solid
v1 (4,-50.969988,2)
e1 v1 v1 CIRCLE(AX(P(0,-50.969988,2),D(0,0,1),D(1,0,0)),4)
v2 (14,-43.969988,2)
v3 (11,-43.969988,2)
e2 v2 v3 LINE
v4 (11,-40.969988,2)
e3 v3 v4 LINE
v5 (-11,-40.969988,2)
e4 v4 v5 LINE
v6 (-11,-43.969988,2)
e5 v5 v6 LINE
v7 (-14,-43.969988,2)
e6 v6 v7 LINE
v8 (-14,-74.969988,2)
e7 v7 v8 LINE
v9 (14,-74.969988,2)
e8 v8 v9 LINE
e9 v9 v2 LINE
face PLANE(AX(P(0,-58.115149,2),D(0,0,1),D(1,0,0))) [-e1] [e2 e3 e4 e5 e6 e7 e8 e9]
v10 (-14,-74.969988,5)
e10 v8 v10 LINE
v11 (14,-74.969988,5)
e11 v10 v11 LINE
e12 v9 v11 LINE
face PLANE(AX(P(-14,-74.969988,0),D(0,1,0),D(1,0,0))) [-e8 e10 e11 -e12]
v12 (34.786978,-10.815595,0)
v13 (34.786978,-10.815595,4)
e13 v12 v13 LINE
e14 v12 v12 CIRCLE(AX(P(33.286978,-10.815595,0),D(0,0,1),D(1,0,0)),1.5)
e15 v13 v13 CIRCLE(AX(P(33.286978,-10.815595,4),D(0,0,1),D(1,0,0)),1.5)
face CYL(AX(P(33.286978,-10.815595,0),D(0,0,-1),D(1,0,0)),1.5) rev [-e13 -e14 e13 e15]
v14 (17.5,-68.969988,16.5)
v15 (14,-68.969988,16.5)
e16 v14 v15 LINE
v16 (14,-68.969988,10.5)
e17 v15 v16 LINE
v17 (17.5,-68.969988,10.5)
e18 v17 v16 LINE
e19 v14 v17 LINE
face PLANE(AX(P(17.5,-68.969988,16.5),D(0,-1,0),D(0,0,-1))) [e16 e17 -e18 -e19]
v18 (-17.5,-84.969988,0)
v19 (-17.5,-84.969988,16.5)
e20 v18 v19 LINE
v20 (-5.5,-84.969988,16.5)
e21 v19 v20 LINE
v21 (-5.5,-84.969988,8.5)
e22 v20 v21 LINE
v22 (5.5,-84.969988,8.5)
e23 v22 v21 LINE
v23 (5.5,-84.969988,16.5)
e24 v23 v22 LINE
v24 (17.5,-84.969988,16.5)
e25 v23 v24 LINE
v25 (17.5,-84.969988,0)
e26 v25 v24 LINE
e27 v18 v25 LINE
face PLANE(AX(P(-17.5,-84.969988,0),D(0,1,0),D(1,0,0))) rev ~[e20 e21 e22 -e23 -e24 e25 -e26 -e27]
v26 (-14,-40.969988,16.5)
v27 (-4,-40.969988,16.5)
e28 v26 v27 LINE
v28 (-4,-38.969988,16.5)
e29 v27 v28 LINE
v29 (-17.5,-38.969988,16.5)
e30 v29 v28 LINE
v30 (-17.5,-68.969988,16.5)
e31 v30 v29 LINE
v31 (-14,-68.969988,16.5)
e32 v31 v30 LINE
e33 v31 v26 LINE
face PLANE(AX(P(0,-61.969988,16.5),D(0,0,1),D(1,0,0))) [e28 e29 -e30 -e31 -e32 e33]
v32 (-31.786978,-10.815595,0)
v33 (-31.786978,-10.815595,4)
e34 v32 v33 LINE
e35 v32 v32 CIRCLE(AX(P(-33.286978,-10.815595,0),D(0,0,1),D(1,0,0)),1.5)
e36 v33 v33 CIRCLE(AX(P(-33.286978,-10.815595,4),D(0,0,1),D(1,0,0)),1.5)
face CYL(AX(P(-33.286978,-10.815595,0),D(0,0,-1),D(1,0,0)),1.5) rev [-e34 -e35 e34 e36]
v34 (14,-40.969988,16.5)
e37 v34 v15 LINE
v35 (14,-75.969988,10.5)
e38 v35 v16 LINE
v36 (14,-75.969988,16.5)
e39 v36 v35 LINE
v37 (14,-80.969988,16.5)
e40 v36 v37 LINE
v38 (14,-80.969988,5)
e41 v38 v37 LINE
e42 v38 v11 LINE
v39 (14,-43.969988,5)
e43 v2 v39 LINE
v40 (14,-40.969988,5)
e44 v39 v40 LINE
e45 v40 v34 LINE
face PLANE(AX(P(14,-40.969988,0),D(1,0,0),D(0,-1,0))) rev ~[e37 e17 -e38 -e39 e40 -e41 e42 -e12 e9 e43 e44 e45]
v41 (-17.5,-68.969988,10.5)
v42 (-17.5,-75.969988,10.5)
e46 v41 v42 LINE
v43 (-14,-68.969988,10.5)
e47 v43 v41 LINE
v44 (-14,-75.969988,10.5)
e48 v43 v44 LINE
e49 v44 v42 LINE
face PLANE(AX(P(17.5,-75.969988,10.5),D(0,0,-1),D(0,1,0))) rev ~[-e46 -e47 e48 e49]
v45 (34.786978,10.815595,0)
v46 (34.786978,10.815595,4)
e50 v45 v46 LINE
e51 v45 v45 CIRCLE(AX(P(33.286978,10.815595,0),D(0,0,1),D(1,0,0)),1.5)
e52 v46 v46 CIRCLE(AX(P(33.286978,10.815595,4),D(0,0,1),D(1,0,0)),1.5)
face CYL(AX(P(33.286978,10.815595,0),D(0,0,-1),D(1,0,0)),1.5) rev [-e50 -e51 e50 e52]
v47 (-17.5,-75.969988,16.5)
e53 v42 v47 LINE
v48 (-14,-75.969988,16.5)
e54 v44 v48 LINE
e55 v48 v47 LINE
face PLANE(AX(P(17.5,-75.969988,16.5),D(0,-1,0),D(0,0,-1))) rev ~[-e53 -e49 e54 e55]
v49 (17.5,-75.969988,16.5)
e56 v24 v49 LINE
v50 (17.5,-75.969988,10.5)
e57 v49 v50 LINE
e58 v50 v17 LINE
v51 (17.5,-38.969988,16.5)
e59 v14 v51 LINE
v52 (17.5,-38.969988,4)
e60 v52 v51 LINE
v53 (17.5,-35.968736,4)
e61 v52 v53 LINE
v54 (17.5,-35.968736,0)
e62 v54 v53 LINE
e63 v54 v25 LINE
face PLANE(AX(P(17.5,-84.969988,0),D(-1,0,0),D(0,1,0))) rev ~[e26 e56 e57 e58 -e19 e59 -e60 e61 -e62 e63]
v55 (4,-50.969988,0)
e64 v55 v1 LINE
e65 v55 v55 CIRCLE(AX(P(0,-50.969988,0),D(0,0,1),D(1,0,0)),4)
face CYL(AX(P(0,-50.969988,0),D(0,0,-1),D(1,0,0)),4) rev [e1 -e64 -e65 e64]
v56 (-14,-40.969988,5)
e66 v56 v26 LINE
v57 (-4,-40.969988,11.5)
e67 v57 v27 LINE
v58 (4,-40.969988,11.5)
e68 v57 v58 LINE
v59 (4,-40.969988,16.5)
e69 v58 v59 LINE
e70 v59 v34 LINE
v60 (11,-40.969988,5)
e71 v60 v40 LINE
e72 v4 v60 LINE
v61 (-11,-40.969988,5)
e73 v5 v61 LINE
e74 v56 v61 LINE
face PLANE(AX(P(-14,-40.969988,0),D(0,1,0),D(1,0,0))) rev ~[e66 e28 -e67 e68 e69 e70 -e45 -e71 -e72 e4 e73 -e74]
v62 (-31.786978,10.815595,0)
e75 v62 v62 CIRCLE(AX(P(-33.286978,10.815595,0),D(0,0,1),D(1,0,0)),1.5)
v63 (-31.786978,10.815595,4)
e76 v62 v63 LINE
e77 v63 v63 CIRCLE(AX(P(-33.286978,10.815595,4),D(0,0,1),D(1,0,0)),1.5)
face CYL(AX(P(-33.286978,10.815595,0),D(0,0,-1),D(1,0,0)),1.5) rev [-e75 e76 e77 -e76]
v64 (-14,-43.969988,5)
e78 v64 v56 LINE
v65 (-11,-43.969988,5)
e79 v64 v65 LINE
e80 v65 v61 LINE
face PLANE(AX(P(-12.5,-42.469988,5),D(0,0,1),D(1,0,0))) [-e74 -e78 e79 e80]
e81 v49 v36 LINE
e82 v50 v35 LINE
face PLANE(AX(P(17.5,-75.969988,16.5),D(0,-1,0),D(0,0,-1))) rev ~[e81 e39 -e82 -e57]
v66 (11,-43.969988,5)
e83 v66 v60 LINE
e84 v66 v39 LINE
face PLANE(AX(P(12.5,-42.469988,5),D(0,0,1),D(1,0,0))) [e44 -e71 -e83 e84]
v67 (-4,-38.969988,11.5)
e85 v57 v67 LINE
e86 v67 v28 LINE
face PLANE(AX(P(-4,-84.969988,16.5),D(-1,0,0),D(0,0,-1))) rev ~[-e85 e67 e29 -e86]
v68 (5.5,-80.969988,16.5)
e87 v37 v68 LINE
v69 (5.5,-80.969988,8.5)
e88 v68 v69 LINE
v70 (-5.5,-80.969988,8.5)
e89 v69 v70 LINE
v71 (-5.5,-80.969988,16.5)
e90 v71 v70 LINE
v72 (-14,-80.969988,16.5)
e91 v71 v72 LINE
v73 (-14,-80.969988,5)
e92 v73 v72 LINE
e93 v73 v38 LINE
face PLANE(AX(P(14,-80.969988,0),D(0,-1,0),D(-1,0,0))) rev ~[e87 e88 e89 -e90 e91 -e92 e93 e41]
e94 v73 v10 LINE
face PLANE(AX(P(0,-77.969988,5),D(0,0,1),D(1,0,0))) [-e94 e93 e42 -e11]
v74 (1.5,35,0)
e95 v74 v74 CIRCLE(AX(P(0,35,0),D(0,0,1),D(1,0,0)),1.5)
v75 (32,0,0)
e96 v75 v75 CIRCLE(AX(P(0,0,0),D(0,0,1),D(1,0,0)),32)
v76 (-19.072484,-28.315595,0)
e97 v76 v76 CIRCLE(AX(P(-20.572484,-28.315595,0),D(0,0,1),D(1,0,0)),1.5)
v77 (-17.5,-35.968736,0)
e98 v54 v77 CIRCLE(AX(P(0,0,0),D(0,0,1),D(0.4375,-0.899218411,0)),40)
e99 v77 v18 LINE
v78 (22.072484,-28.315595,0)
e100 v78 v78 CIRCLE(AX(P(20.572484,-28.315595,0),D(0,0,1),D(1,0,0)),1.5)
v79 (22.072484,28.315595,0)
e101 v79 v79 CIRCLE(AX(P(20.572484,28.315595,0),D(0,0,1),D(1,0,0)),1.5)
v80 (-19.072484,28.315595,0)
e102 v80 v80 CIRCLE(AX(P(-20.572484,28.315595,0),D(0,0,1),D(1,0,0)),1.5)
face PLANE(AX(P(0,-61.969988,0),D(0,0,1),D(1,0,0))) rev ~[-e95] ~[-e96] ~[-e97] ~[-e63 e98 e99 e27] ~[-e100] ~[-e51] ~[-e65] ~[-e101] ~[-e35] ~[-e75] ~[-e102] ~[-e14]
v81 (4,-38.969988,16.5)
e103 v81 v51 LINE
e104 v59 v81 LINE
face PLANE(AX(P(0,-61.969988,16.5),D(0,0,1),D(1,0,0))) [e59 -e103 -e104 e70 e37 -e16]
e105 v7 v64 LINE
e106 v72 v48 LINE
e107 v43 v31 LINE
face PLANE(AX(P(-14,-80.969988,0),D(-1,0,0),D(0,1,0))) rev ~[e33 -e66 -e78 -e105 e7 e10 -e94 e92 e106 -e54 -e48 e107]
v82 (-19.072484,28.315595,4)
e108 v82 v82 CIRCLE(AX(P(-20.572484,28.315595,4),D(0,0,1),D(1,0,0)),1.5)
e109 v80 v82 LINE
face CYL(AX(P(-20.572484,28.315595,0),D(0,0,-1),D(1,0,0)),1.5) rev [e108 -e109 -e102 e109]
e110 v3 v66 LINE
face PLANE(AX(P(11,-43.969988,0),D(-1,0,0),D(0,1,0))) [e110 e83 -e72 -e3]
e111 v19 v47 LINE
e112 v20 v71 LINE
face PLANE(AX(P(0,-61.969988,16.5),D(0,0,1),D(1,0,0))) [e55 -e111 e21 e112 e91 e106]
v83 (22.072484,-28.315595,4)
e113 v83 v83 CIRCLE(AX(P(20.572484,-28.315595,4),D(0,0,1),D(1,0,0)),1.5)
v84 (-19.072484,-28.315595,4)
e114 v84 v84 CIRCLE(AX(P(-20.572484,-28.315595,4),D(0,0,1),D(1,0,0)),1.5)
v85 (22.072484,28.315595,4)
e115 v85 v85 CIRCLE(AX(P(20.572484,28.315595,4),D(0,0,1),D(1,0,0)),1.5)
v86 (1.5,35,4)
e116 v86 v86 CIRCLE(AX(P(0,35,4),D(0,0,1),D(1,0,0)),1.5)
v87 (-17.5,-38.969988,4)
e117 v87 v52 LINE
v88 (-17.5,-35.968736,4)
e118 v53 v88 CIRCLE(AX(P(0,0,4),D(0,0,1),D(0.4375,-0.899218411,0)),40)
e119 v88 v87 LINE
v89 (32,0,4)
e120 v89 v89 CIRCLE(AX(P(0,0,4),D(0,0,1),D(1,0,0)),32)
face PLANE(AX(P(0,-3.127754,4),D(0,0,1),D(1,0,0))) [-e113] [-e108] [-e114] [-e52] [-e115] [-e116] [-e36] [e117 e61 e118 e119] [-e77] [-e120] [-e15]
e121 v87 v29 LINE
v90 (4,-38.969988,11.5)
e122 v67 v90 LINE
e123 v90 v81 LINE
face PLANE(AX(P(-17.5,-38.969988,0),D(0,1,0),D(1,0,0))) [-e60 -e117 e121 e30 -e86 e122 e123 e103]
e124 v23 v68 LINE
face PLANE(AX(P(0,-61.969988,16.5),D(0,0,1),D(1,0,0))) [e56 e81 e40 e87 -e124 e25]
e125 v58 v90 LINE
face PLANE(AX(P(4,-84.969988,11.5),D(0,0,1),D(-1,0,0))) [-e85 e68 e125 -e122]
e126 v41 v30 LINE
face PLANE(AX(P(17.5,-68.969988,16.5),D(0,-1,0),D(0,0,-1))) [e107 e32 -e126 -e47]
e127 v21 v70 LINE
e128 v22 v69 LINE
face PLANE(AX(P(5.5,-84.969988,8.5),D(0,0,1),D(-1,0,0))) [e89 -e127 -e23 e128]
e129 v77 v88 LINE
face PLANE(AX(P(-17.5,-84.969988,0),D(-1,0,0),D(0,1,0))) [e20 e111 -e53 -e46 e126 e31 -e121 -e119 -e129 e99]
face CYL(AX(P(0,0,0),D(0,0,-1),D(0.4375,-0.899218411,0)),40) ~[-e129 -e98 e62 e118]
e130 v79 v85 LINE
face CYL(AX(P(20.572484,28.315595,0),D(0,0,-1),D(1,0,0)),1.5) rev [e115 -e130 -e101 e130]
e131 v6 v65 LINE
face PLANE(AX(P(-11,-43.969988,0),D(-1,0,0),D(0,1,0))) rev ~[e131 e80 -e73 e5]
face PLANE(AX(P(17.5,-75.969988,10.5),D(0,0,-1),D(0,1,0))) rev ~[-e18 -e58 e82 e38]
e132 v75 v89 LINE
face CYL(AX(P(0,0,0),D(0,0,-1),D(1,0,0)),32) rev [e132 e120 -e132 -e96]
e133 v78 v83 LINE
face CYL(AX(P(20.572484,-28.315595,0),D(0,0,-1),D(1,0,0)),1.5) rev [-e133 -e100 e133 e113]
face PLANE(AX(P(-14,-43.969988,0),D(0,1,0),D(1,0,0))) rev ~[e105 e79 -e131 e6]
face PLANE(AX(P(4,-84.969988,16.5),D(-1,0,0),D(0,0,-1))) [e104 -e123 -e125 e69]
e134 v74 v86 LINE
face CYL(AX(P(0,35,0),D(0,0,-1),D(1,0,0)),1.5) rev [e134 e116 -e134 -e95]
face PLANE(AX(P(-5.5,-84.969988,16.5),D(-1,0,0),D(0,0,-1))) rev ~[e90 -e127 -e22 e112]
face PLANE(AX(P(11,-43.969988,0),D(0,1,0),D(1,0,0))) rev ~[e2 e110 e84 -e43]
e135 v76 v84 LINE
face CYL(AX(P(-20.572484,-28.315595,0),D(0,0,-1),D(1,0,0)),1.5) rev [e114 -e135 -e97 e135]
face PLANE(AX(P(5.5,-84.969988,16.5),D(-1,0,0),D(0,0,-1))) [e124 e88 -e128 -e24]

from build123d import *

# Parameters (mm, degrees)
SKETCH1_R             = 1.5
SKETCH1_R_2           = 32
BOSS_EXTRUDE1_DEPTH   = 4
SKETCH1_3_R           = 4
BOSS_EXTRUDE2_DEPTH   = 2
SKETCH1_11_W          = 28
SKETCH1_11_H          = 6
BOSS_EXTRUDE4_DEPTH   = 5
SKETCH1_11_W_2        = 3
SKETCH1_11_H_2        = 3
BOSS_EXTRUDE4_2_DEPTH = 5
BOSS_EXTRUDE4_3_DEPTH = 5
SKETCH1_21_W          = 35
SKETCH1_21_H          = 46
BOSS_EXTRUDE7_DEPTH   = 16.5
SKETCH3_W             = 6
SKETCH3_H             = 7
CUT_EXTRUDE1_DEPTH    = 35.5
SKETCH4_W             = 11
SKETCH4_H             = 8
CUT_EXTRUDE2_DEPTH    = 4
SKETCH5_W             = 8
SKETCH5_H             = 5
CUT_EXTRUDE3_DEPTH    = 52


with BuildPart() as part:
    # Sketch1 → Boss-Extrude1 (new body)
    with BuildSketch(Plane.XY):
        with BuildLine():
            Line((-17.5, -38.96998799), (17.5, -38.96998799))
            Line((17.5, -38.96998799), (17.5, -35.968736425))
            ThreePointArc((17.5, -35.968736425), (0, 40), (-17.5, -35.968736425))
            Line((-17.5, -35.968736425), (-17.5, -38.96998799))
        make_face()
        with Locations((-20.57248383, -28.315594803)):
            Circle(SKETCH1_R, mode=Mode.SUBTRACT)
        with Locations((20.57248383, -28.315594803)):
            Circle(SKETCH1_R, mode=Mode.SUBTRACT)
        with Locations((-33.28697807, -10.815594803)):
            Circle(SKETCH1_R, mode=Mode.SUBTRACT)
        Circle(SKETCH1_R_2, mode=Mode.SUBTRACT)
        with Locations((-33.28697807, 10.815594803)):
            Circle(SKETCH1_R, mode=Mode.SUBTRACT)
        with Locations((-20.57248383, 28.315594803)):
            Circle(SKETCH1_R, mode=Mode.SUBTRACT)
        with Locations((0, 35)):
            Circle(SKETCH1_R, mode=Mode.SUBTRACT)
        with Locations((33.28697807, -10.815594803)):
            Circle(SKETCH1_R, mode=Mode.SUBTRACT)
        with Locations((33.28697807, 10.815594803)):
            Circle(SKETCH1_R, mode=Mode.SUBTRACT)
        with Locations((20.57248383, 28.315594803)):
            Circle(SKETCH1_R, mode=Mode.SUBTRACT)
    extrude(amount=BOSS_EXTRUDE1_DEPTH)



with BuildPart() as body_2:
    # Sketch1<3> → Boss-Extrude2 (new body)
    with BuildSketch(Plane.XY):
        Polygon((11, -40.96998799), (-11, -40.96998799), (-11, -43.96998799), (-14, -43.96998799), (-14, -74.96998799), (14, -74.96998799), (14, -43.96998799), (11, -43.96998799), align=None)
        with Locations((0, -50.96998799)):
            Circle(SKETCH1_3_R, mode=Mode.SUBTRACT)
    extrude(amount=BOSS_EXTRUDE2_DEPTH)


with BuildPart() as body_3:
    # Sketch1<11> → Boss-Extrude4 (new body)
    with BuildSketch(Plane.XY):
        with Locations((0, -77.96998799)):
            Rectangle(SKETCH1_11_W, SKETCH1_11_H)
    extrude(amount=BOSS_EXTRUDE4_DEPTH)


with BuildPart() as body_4:
    # Sketch1<11> → Boss-Extrude4 2 (new body)
    with BuildSketch(Plane.XY):
        with Locations((-12.5, -42.46998799)):
            Rectangle(SKETCH1_11_W_2, SKETCH1_11_H_2)
    extrude(amount=BOSS_EXTRUDE4_2_DEPTH)


with BuildPart() as body_5:
    # Sketch1<11> → Boss-Extrude4 3 (new body)
    with BuildSketch(Plane.XY):
        with Locations((12.5, -42.46998799)):
            Rectangle(SKETCH1_11_W_2, SKETCH1_11_H_2)
    extrude(amount=BOSS_EXTRUDE4_3_DEPTH)


with BuildPart() as part_1:
    add(part.part)

    add(body_2.part)  # Boss-Extrude7 merges body 2

    add(body_3.part)  # Boss-Extrude7 merges body 3

    add(body_4.part)  # Boss-Extrude7 merges body 4

    add(body_5.part)  # Boss-Extrude7 merges body 5
    # Sketch1<21> → Boss-Extrude7 (add)
    with BuildSketch(Plane.XY):
        with Locations((0, -61.96998799)):
            Rectangle(SKETCH1_21_W, SKETCH1_21_H)
        Polygon((-14, -43.96998799), (-14, -40.96998799), (-11, -40.96998799), (11, -40.96998799), (14, -40.96998799), (14, -43.96998799), (14, -74.96998799), (14, -80.96998799), (-14, -80.96998799), (-14, -74.96998799), align=None, mode=Mode.SUBTRACT)
    extrude(amount=BOSS_EXTRUDE7_DEPTH)

    # Sketch3 → Cut-Extrude1 (cut)
    with BuildSketch(Plane(origin=(17.5, 0, 0), x_dir=(0, 0, -1), z_dir=(1, 0, 0))):
        with Locations((-13.5, -72.46998799)):
            Rectangle(SKETCH3_W, SKETCH3_H)
    extrude(amount=-CUT_EXTRUDE1_DEPTH, mode=Mode.SUBTRACT)

    # Sketch4 → Cut-Extrude2 (cut)
    with BuildSketch(Plane(origin=(0, -84.96998799, 0), x_dir=(-1, 0, 0), z_dir=(0, -1, 0))):
        with Locations((0, -12.5)):
            Rectangle(SKETCH4_W, SKETCH4_H)
    extrude(amount=-CUT_EXTRUDE2_DEPTH, mode=Mode.SUBTRACT)

    # Sketch5 → Cut-Extrude3 (cut)
    with BuildSketch(Plane(origin=(0, -84.96998799, 0), x_dir=(-1, 0, 0), z_dir=(0, -1, 0))):
        with Locations((0, -14)):
            Rectangle(SKETCH5_W, SKETCH5_H)
    extrude(amount=-CUT_EXTRUDE3_DEPTH, mode=Mode.SUBTRACT)


solid = part_1.part
